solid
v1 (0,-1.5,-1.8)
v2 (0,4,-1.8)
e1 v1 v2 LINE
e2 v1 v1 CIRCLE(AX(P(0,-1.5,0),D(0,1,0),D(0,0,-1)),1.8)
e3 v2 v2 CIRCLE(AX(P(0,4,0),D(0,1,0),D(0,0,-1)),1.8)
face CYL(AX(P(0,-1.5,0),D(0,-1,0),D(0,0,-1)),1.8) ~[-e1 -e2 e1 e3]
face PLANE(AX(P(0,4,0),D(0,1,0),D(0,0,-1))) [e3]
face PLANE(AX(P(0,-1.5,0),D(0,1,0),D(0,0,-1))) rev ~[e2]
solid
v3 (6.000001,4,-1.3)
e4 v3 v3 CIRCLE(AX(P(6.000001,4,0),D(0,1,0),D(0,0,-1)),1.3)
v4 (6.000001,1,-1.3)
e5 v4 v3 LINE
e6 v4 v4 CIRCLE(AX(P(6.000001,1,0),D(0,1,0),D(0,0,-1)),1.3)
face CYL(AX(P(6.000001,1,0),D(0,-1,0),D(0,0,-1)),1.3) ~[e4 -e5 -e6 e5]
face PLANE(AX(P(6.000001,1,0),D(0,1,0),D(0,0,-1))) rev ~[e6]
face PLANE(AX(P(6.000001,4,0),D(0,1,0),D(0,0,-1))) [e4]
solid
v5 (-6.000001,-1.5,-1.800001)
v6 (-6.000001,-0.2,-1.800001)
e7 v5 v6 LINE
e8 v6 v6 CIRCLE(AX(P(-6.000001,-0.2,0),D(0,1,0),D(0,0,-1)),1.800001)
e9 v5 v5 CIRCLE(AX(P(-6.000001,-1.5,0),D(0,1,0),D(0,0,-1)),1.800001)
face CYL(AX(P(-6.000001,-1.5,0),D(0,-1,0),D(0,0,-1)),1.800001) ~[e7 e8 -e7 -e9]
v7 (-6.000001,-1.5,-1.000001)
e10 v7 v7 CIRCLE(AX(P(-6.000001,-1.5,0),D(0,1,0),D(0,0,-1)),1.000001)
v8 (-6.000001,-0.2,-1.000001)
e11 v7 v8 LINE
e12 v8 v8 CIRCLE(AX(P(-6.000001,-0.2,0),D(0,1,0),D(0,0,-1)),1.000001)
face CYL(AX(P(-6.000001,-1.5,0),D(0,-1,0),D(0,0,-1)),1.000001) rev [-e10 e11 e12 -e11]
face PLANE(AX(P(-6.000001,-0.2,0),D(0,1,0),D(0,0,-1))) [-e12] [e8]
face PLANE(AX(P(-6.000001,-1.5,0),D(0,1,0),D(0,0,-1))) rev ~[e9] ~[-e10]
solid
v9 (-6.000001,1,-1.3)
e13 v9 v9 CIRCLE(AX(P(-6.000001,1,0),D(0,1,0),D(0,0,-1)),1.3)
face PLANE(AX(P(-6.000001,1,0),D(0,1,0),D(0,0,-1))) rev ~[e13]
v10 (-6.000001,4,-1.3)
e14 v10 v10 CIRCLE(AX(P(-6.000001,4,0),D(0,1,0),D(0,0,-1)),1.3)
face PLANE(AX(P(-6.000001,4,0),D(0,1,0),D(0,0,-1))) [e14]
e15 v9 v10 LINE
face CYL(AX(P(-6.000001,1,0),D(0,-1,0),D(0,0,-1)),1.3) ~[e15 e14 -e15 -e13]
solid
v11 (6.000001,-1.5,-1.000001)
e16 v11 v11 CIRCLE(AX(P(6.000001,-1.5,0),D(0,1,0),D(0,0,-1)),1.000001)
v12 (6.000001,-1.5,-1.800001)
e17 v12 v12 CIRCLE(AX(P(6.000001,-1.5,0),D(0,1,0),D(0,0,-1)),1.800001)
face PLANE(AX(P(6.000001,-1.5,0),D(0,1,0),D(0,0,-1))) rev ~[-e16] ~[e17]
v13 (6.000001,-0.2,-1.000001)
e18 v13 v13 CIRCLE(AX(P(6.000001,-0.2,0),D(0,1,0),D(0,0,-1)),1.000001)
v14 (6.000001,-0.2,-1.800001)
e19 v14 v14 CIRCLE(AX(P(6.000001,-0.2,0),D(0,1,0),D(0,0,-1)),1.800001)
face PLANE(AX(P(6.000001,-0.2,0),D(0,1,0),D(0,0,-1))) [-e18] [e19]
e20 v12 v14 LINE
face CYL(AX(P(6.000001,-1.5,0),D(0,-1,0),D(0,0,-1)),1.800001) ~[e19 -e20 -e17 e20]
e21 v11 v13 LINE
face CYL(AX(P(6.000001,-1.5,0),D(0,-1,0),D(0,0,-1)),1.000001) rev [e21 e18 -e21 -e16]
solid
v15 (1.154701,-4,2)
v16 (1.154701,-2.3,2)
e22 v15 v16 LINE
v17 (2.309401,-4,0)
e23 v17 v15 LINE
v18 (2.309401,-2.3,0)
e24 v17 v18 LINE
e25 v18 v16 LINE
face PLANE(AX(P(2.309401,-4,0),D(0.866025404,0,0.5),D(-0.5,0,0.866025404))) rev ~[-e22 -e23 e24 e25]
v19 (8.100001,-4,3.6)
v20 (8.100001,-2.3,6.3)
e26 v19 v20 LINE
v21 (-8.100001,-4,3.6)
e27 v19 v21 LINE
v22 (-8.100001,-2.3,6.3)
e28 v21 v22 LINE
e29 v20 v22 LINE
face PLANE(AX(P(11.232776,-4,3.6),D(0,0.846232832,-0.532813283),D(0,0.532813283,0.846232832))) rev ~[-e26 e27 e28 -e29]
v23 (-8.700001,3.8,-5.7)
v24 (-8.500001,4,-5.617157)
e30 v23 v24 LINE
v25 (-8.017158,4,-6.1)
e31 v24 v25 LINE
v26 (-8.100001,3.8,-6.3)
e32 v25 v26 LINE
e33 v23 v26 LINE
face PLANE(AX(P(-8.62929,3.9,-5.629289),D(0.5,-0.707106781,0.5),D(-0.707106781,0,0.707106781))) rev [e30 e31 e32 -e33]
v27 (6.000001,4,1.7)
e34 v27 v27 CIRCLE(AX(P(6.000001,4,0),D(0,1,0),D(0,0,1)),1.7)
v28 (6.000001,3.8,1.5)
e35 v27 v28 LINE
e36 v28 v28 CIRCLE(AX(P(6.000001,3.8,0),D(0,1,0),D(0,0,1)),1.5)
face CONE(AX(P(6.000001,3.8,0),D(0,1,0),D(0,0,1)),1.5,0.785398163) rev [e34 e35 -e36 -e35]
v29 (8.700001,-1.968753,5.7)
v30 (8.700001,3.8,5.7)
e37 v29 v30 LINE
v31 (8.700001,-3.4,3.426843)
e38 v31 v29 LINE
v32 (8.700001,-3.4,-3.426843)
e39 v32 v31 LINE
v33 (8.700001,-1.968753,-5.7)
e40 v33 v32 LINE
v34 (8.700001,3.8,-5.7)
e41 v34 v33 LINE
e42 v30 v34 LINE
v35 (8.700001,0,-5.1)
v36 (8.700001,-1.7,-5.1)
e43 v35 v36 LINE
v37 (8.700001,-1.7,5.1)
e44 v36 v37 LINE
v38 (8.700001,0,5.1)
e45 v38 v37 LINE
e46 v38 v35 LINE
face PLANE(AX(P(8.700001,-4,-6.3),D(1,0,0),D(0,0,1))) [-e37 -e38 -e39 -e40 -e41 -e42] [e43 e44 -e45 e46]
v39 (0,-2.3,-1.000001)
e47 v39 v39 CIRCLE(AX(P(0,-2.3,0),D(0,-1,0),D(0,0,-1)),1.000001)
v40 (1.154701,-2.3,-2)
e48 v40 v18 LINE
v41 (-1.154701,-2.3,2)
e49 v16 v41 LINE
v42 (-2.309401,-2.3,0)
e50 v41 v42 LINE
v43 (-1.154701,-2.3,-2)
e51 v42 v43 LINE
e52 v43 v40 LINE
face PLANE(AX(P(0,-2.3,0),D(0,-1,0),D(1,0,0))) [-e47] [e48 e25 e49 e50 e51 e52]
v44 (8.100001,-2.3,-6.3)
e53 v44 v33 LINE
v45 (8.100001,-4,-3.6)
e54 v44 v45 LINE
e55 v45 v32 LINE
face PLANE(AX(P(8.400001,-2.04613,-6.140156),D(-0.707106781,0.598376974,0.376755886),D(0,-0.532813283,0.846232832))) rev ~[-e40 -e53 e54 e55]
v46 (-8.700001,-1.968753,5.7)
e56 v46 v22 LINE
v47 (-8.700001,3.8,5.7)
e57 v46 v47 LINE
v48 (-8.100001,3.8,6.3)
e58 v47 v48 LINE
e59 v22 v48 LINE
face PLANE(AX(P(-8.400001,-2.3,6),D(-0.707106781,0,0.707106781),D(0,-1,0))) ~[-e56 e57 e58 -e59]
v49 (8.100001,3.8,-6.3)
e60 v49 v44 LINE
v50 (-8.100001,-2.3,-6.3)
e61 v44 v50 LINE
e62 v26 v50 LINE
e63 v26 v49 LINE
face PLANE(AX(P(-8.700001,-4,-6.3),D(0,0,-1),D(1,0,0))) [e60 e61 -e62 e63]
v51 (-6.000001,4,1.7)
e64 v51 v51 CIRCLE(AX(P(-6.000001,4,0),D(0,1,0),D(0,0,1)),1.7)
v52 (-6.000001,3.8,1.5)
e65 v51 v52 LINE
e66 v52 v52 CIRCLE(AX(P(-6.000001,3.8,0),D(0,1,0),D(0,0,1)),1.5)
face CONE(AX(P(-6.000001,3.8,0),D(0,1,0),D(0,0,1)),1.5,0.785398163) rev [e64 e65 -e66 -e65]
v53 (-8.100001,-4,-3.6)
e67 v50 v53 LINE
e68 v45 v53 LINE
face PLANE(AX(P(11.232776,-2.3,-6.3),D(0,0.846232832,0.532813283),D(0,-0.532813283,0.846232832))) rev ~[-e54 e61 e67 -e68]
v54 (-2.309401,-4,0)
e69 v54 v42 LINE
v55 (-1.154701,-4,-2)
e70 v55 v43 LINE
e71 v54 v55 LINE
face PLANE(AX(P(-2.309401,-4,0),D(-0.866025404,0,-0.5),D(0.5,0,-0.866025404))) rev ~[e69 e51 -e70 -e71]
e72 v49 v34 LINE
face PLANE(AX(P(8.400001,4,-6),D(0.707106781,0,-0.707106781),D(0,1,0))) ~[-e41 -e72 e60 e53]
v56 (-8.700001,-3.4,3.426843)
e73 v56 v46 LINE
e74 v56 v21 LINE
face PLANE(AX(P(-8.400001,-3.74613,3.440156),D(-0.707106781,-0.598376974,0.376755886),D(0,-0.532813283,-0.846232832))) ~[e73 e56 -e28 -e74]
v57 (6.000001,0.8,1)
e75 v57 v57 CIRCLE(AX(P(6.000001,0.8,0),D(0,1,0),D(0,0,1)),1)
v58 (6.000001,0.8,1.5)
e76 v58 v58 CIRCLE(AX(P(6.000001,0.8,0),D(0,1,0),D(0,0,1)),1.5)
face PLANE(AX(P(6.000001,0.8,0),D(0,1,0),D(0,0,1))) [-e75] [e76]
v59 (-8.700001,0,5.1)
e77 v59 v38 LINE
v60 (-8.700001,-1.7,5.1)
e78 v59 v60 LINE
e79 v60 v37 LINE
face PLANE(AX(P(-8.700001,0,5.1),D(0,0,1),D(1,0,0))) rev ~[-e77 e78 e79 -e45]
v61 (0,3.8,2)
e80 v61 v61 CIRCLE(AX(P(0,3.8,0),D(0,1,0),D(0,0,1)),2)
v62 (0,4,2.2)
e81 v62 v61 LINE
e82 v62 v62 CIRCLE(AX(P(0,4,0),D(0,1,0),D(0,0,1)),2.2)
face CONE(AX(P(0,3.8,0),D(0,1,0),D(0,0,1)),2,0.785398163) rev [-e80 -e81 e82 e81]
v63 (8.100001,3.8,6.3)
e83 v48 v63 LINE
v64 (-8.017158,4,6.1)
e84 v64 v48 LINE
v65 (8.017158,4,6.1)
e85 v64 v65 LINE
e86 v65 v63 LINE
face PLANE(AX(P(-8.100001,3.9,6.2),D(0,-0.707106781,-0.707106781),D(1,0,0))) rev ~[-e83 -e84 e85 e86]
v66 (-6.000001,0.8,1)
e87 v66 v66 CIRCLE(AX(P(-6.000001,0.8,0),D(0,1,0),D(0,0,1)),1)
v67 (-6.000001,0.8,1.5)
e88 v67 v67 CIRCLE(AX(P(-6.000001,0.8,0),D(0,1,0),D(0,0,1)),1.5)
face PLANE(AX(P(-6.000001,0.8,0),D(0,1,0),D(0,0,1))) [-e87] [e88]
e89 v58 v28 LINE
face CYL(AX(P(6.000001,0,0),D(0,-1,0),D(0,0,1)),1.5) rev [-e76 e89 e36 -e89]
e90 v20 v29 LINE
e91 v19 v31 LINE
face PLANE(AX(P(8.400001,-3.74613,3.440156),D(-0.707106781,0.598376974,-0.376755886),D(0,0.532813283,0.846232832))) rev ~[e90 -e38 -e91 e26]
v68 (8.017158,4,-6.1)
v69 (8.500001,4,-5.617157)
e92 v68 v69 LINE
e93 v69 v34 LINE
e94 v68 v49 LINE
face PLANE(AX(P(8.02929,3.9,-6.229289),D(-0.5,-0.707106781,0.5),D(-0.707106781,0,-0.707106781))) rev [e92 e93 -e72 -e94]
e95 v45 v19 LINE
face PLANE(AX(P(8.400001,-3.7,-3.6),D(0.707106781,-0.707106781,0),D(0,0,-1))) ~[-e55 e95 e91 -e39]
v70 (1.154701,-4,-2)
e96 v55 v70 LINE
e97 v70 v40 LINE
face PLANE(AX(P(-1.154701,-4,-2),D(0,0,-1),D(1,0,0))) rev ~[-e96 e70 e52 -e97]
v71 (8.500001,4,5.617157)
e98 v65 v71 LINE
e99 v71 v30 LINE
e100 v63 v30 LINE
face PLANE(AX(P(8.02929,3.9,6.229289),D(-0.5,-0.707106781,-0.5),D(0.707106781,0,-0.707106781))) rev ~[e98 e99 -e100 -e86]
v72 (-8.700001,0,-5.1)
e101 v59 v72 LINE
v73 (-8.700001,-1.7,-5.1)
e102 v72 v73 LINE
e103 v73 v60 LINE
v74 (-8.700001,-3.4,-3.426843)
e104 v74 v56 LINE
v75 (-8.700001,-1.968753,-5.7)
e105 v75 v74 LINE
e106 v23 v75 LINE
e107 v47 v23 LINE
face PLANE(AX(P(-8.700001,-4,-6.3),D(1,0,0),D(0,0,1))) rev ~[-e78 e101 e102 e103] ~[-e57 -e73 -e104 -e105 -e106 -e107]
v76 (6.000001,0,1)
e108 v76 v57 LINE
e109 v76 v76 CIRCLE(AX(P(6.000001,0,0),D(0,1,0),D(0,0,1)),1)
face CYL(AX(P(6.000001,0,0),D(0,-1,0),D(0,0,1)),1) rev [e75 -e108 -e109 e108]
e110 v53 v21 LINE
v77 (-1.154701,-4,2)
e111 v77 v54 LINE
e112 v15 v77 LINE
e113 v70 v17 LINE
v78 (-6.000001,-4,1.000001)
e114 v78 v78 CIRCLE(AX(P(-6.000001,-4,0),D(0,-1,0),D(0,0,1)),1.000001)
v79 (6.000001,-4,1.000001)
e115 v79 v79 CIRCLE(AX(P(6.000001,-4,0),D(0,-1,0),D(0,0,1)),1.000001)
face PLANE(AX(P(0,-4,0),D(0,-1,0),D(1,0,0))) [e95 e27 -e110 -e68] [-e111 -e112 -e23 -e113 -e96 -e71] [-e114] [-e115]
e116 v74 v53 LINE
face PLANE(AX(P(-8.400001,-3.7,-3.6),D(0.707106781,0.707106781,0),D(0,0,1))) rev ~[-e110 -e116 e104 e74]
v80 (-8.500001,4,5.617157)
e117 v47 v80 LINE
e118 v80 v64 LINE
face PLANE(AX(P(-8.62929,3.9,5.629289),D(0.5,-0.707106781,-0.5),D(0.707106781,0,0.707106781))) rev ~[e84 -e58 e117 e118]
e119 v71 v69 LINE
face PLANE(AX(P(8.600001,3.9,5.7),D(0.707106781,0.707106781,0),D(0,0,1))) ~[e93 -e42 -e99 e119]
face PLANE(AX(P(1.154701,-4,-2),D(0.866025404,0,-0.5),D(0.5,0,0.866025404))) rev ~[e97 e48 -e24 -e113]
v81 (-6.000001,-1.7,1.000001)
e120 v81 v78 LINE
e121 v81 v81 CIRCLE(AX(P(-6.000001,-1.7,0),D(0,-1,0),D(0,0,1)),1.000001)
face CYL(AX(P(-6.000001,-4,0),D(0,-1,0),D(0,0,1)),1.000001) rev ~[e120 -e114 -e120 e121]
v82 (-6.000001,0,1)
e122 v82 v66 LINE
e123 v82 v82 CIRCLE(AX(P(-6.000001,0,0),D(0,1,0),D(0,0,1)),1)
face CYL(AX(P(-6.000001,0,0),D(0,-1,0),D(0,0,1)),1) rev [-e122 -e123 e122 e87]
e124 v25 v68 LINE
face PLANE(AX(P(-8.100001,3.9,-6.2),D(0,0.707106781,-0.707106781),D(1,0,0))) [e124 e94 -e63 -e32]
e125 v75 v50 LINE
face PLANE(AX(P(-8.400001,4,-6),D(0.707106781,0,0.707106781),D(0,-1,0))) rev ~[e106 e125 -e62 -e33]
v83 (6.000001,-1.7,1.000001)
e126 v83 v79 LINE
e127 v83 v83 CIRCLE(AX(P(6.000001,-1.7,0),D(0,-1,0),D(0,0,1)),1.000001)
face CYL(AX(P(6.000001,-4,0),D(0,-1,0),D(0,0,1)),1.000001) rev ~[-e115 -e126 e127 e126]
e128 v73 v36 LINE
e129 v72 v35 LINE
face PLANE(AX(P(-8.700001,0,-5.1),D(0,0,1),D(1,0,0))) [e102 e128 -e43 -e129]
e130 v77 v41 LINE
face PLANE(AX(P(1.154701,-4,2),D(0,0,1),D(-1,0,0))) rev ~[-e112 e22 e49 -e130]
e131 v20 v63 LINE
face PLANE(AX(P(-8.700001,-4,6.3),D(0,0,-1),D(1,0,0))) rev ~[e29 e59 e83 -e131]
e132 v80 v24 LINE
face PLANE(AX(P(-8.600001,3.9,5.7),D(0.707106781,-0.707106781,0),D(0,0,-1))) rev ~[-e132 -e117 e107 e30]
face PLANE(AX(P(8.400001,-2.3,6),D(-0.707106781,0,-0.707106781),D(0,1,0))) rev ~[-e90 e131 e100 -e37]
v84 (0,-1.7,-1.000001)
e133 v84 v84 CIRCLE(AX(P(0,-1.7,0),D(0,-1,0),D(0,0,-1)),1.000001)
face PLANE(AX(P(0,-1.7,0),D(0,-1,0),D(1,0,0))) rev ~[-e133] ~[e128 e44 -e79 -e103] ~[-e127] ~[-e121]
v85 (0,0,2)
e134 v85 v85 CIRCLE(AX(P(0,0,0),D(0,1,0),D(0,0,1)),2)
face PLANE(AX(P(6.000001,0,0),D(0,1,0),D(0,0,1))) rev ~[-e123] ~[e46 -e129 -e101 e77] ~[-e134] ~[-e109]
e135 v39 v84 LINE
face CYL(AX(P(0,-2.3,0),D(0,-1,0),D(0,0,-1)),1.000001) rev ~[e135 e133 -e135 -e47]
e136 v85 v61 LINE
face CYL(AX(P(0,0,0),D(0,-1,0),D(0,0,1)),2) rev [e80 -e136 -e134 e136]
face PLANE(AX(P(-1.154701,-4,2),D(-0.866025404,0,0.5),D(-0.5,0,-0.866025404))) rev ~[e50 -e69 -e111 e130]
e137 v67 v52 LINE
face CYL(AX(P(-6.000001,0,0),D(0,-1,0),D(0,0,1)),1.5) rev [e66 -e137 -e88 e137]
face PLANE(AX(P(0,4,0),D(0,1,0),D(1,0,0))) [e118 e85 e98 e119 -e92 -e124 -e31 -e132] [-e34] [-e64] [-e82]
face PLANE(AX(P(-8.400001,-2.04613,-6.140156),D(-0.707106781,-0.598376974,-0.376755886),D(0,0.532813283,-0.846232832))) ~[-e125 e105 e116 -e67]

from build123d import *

# Parameters (mm, degrees)
SKETCH3_W               = 17.4000014
SKETCH3_H               = 12.59999981
SKETCH3_R               = 1.5
SKETCH3_R_2             = 2
BOSS_EXTRUDE1_DEPTH     = 4
BOSS_EXTRUDE2_START     = -4
SKETCH4_R               = 1.5
SKETCH4_R_2             = 1
BOSS_EXTRUDE2_DEPTH     = 0.8
BOSS_EXTRUDE7_START     = 0.2
SKETCH11_R              = 1.3
BOSS_EXTRUDE7_DEPTH     = 3
BOSS_EXTRUDE7_2_DEPTH   = 3
SKETCH5_W               = 17.4000014
SKETCH5_H               = 1.2
BOSS_EXTRUDE3_DEPTH     = 1.7
BOSS_EXTRUDE5_START     = 0.6
SKETCH8_W               = 17.4000014
SKETCH8_H               = 12.59999981
SKETCH8_R               = 1.00000054
BOSS_EXTRUDE5_DEPTH     = 0.6
BOSS_EXTRUDE8_START     = 1.7
SKETCH12_W              = 17.4000014
SKETCH12_H              = 12.59999981
SKETCH12_R              = 1.00000054
BOSS_EXTRUDE8_DEPTH     = 1.7
CUT_EXTRUDE1_DEPTH      = 19.932777068
CUT_EXTRUDE1_DEPTH_BACK = 19.932777068
CHAMFER1_SIZE           = 0.6
CHAMFER3_SIZE           = 0.2
BOSS_EXTRUDE9_START     = 0.2
SKETCH14_R              = 1.8
BOSS_EXTRUDE9_DEPTH     = 5.5
BOSS_EXTRUDE10_START    = 0.2
SKETCH15_R              = 1.80000054
SKETCH15_R_2            = 1.00000054
BOSS_EXTRUDE10_DEPTH    = 1.3
BOSS_EXTRUDE10_2_DEPTH  = 1.3


with BuildPart() as part:
    # Sketch3 → Boss-Extrude1 (new body)
    with BuildSketch(Plane(origin=(0, 0, 0), x_dir=(1, 0, 0), z_dir=(0, 1, 0))):
        Rectangle(SKETCH3_W, SKETCH3_H)
        with Locations(Location((-6.0000007, 0, 0), (0, 0, 270))):
            Circle(SKETCH3_R, mode=Mode.SUBTRACT)
        with Locations(Location((0, 0, 0), (0, 0, 270))):
            Circle(SKETCH3_R_2, mode=Mode.SUBTRACT)
        with Locations(Location((6.0000007, 0, 0), (0, 0, 270))):
            Circle(SKETCH3_R, mode=Mode.SUBTRACT)
    extrude(amount=BOSS_EXTRUDE1_DEPTH)

    # Sketch4 → Boss-Extrude2 (add)
    # profile 1 of 2: a face of its own
    with BuildSketch(Plane(origin=(0, 4, 0), x_dir=(1, 0, 0), z_dir=(0, 1, 0)).offset(BOSS_EXTRUDE2_START)):
        with Locations(Location((6.0000007, 0, 0), (0, 0, 270))):
            Circle(SKETCH4_R)
        with Locations(Location((6.0000007, 0, 0), (0, 0, 270))):
            Circle(SKETCH4_R_2, mode=Mode.SUBTRACT)
    # profile 2 of 2: a face of its own
    with BuildSketch(Plane(origin=(0, 4, 0), x_dir=(1, 0, 0), z_dir=(0, 1, 0)).offset(BOSS_EXTRUDE2_START)):
        with Locations(Location((-6.0000007, 0, 0), (0, 0, 270))):
            Circle(SKETCH4_R)
        with Locations(Location((-6.0000007, 0, 0), (0, 0, 270))):
            Circle(SKETCH4_R_2, mode=Mode.SUBTRACT)
    extrude(amount=BOSS_EXTRUDE2_DEPTH)

    # Sketch5 → Boss-Extrude3 (add)
    with BuildSketch(Plane.XZ):
        with Locations((0, 5.699999905)):
            Rectangle(SKETCH5_W, SKETCH5_H)
        with Locations((0, -5.699999905)):
            Rectangle(SKETCH5_W, SKETCH5_H)
    extrude(amount=BOSS_EXTRUDE3_DEPTH)

    # Sketch8 → Boss-Extrude5 (add)
    with BuildSketch(Plane.XZ.offset(1.7).offset(BOSS_EXTRUDE5_START)):
        Rectangle(SKETCH8_W, SKETCH8_H)
        with Locations(Location((6.0000007, 0, 0), (0, 0, 90))):
            Circle(SKETCH8_R, mode=Mode.SUBTRACT)
        with Locations(Location((-6.0000007, 0, 0), (0, 0, 90))):
            Circle(SKETCH8_R, mode=Mode.SUBTRACT)
        with Locations(Location((0, 0, 0), (0, 0, 270))):
            Circle(SKETCH8_R, mode=Mode.SUBTRACT)
    extrude(amount=-BOSS_EXTRUDE5_DEPTH)

    # Sketch12 → Boss-Extrude8 (add)
    with BuildSketch(Plane.XZ.offset(2.3).offset(BOSS_EXTRUDE8_START)):
        Rectangle(SKETCH12_W, SKETCH12_H)
        with Locations(Location((6.0000007, 0, 0), (0, 0, 90))):
            Circle(SKETCH12_R, mode=Mode.SUBTRACT)
        with Locations(Location((-6.0000007, 0, 0), (0, 0, 90))):
            Circle(SKETCH12_R, mode=Mode.SUBTRACT)
        Polygon((-1.154700538, 2), (-2.309401077, 0), (-1.154700538, -2), (1.154700538, -2), (2.309401077, 0), (1.154700538, 2), align=None, mode=Mode.SUBTRACT)
    extrude(amount=-BOSS_EXTRUDE8_DEPTH)

    # Sketch13 → Cut-Extrude1 (cut, two sides: drawn at the far end of the back side and taken through both)
    with BuildSketch(Plane.ZY.offset(8.7000007).offset(-CUT_EXTRUDE1_DEPTH_BACK)):
        Polygon((6.299999905, -4), (3.6, -4), (6.299999905, -2.3), align=None)
        Polygon((-6.299999905, -4), (-6.299999905, -2.3), (-3.6, -4), align=None)
    extrude(amount=CUT_EXTRUDE1_DEPTH + CUT_EXTRUDE1_DEPTH_BACK, mode=Mode.SUBTRACT)

    # Chamfer1
    chamfer1_edges = [part.edges().sort_by_distance(p)[0] for p in [
        (-8.7000007, -4, 0),
        (8.7000007, -4, 0),
        (-8.7000007, -3.15, 4.949999952),
        (8.7000007, -3.15, 4.949999952),
        (-8.7000007, -3.15, -4.949999952),
        (8.7000007, -3.15, -4.949999952),
        (8.7000007, 0.85, -6.299999905),
        (8.7000007, 0.85, 6.299999905),
        (-8.7000007, 0.85, 6.299999905),
        (-8.7000007, 0.85, -6.299999905),
    ]]
    chamfer(chamfer1_edges, length=CHAMFER1_SIZE)

    # Chamfer3
    chamfer3_edges = [part.edges().sort_by_distance(p)[0] for p in [
        (-6.0000007, 4, -1.5),
        (8.7000007, 4, 0),
        (0, 4, 6.299999905),
        (0, 4, -6.299999905),
        (-8.7000007, 4, 0),
        (-8.4000007, 4, -5.999999905),
        (-8.4000007, 4, 5.999999905),
        (8.4000007, 4, -5.999999905),
        (8.4000007, 4, 5.999999905),
        (0, 4, -2),
        (6.0000007, 4, -1.5),
    ]]
    chamfer(chamfer3_edges, length=CHAMFER3_SIZE)


with BuildPart() as body_2:
    # Sketch11 → Boss-Extrude7 (new body)
    with BuildSketch(Plane(origin=(0, 0.8, 0), x_dir=(1, 0, 0), z_dir=(0, 1, 0)).offset(BOSS_EXTRUDE7_START)):
        with Locations(Location((-6.0000007, 0, 0), (0, 0, 90))):
            Circle(SKETCH11_R)
    extrude(amount=BOSS_EXTRUDE7_DEPTH)


with BuildPart() as body_3:
    # Sketch11 → Boss-Extrude7 2 (new body)
    with BuildSketch(Plane(origin=(0, 0.8, 0), x_dir=(1, 0, 0), z_dir=(0, 1, 0)).offset(BOSS_EXTRUDE7_START)):
        with Locations(Location((6.0000007, 0, 0), (0, 0, 90))):
            Circle(SKETCH11_R)
    extrude(amount=BOSS_EXTRUDE7_2_DEPTH)


with BuildPart() as body_4:
    # Sketch14 → Boss-Extrude9 (new body)
    with BuildSketch(Plane(origin=(0, -1.7, 0), x_dir=(1, 0, 0), z_dir=(0, 1, 0)).offset(BOSS_EXTRUDE9_START)):
        with Locations(Location((0, 0, 0), (0, 0, 90))):
            Circle(SKETCH14_R)
    extrude(amount=BOSS_EXTRUDE9_DEPTH)


with BuildPart() as body_5:
    # Sketch15 → Boss-Extrude10 (new body)
    with BuildSketch(Plane(origin=(0, -1.7, 0), x_dir=(1, 0, 0), z_dir=(0, 1, 0)).offset(BOSS_EXTRUDE10_START)):
        with Locations(Location((-6.0000007, 0, 0), (0, 0, 90))):
            Circle(SKETCH15_R)
        with Locations(Location((-6.0000007, 0, 0), (0, 0, 90))):
            Circle(SKETCH15_R_2, mode=Mode.SUBTRACT)
    extrude(amount=BOSS_EXTRUDE10_DEPTH)


with BuildPart() as body_6:
    # Sketch15 → Boss-Extrude10 2 (new body)
    with BuildSketch(Plane(origin=(0, -1.7, 0), x_dir=(1, 0, 0), z_dir=(0, 1, 0)).offset(BOSS_EXTRUDE10_START)):
        with Locations(Location((6.0000007, 0, 0), (0, 0, 90))):
            Circle(SKETCH15_R)
        with Locations(Location((6.0000007, 0, 0), (0, 0, 90))):
            Circle(SKETCH15_R_2, mode=Mode.SUBTRACT)
    extrude(amount=BOSS_EXTRUDE10_2_DEPTH)


solid = Compound([part.part, body_2.part, body_3.part, body_4.part, body_5.part, body_6.part])
